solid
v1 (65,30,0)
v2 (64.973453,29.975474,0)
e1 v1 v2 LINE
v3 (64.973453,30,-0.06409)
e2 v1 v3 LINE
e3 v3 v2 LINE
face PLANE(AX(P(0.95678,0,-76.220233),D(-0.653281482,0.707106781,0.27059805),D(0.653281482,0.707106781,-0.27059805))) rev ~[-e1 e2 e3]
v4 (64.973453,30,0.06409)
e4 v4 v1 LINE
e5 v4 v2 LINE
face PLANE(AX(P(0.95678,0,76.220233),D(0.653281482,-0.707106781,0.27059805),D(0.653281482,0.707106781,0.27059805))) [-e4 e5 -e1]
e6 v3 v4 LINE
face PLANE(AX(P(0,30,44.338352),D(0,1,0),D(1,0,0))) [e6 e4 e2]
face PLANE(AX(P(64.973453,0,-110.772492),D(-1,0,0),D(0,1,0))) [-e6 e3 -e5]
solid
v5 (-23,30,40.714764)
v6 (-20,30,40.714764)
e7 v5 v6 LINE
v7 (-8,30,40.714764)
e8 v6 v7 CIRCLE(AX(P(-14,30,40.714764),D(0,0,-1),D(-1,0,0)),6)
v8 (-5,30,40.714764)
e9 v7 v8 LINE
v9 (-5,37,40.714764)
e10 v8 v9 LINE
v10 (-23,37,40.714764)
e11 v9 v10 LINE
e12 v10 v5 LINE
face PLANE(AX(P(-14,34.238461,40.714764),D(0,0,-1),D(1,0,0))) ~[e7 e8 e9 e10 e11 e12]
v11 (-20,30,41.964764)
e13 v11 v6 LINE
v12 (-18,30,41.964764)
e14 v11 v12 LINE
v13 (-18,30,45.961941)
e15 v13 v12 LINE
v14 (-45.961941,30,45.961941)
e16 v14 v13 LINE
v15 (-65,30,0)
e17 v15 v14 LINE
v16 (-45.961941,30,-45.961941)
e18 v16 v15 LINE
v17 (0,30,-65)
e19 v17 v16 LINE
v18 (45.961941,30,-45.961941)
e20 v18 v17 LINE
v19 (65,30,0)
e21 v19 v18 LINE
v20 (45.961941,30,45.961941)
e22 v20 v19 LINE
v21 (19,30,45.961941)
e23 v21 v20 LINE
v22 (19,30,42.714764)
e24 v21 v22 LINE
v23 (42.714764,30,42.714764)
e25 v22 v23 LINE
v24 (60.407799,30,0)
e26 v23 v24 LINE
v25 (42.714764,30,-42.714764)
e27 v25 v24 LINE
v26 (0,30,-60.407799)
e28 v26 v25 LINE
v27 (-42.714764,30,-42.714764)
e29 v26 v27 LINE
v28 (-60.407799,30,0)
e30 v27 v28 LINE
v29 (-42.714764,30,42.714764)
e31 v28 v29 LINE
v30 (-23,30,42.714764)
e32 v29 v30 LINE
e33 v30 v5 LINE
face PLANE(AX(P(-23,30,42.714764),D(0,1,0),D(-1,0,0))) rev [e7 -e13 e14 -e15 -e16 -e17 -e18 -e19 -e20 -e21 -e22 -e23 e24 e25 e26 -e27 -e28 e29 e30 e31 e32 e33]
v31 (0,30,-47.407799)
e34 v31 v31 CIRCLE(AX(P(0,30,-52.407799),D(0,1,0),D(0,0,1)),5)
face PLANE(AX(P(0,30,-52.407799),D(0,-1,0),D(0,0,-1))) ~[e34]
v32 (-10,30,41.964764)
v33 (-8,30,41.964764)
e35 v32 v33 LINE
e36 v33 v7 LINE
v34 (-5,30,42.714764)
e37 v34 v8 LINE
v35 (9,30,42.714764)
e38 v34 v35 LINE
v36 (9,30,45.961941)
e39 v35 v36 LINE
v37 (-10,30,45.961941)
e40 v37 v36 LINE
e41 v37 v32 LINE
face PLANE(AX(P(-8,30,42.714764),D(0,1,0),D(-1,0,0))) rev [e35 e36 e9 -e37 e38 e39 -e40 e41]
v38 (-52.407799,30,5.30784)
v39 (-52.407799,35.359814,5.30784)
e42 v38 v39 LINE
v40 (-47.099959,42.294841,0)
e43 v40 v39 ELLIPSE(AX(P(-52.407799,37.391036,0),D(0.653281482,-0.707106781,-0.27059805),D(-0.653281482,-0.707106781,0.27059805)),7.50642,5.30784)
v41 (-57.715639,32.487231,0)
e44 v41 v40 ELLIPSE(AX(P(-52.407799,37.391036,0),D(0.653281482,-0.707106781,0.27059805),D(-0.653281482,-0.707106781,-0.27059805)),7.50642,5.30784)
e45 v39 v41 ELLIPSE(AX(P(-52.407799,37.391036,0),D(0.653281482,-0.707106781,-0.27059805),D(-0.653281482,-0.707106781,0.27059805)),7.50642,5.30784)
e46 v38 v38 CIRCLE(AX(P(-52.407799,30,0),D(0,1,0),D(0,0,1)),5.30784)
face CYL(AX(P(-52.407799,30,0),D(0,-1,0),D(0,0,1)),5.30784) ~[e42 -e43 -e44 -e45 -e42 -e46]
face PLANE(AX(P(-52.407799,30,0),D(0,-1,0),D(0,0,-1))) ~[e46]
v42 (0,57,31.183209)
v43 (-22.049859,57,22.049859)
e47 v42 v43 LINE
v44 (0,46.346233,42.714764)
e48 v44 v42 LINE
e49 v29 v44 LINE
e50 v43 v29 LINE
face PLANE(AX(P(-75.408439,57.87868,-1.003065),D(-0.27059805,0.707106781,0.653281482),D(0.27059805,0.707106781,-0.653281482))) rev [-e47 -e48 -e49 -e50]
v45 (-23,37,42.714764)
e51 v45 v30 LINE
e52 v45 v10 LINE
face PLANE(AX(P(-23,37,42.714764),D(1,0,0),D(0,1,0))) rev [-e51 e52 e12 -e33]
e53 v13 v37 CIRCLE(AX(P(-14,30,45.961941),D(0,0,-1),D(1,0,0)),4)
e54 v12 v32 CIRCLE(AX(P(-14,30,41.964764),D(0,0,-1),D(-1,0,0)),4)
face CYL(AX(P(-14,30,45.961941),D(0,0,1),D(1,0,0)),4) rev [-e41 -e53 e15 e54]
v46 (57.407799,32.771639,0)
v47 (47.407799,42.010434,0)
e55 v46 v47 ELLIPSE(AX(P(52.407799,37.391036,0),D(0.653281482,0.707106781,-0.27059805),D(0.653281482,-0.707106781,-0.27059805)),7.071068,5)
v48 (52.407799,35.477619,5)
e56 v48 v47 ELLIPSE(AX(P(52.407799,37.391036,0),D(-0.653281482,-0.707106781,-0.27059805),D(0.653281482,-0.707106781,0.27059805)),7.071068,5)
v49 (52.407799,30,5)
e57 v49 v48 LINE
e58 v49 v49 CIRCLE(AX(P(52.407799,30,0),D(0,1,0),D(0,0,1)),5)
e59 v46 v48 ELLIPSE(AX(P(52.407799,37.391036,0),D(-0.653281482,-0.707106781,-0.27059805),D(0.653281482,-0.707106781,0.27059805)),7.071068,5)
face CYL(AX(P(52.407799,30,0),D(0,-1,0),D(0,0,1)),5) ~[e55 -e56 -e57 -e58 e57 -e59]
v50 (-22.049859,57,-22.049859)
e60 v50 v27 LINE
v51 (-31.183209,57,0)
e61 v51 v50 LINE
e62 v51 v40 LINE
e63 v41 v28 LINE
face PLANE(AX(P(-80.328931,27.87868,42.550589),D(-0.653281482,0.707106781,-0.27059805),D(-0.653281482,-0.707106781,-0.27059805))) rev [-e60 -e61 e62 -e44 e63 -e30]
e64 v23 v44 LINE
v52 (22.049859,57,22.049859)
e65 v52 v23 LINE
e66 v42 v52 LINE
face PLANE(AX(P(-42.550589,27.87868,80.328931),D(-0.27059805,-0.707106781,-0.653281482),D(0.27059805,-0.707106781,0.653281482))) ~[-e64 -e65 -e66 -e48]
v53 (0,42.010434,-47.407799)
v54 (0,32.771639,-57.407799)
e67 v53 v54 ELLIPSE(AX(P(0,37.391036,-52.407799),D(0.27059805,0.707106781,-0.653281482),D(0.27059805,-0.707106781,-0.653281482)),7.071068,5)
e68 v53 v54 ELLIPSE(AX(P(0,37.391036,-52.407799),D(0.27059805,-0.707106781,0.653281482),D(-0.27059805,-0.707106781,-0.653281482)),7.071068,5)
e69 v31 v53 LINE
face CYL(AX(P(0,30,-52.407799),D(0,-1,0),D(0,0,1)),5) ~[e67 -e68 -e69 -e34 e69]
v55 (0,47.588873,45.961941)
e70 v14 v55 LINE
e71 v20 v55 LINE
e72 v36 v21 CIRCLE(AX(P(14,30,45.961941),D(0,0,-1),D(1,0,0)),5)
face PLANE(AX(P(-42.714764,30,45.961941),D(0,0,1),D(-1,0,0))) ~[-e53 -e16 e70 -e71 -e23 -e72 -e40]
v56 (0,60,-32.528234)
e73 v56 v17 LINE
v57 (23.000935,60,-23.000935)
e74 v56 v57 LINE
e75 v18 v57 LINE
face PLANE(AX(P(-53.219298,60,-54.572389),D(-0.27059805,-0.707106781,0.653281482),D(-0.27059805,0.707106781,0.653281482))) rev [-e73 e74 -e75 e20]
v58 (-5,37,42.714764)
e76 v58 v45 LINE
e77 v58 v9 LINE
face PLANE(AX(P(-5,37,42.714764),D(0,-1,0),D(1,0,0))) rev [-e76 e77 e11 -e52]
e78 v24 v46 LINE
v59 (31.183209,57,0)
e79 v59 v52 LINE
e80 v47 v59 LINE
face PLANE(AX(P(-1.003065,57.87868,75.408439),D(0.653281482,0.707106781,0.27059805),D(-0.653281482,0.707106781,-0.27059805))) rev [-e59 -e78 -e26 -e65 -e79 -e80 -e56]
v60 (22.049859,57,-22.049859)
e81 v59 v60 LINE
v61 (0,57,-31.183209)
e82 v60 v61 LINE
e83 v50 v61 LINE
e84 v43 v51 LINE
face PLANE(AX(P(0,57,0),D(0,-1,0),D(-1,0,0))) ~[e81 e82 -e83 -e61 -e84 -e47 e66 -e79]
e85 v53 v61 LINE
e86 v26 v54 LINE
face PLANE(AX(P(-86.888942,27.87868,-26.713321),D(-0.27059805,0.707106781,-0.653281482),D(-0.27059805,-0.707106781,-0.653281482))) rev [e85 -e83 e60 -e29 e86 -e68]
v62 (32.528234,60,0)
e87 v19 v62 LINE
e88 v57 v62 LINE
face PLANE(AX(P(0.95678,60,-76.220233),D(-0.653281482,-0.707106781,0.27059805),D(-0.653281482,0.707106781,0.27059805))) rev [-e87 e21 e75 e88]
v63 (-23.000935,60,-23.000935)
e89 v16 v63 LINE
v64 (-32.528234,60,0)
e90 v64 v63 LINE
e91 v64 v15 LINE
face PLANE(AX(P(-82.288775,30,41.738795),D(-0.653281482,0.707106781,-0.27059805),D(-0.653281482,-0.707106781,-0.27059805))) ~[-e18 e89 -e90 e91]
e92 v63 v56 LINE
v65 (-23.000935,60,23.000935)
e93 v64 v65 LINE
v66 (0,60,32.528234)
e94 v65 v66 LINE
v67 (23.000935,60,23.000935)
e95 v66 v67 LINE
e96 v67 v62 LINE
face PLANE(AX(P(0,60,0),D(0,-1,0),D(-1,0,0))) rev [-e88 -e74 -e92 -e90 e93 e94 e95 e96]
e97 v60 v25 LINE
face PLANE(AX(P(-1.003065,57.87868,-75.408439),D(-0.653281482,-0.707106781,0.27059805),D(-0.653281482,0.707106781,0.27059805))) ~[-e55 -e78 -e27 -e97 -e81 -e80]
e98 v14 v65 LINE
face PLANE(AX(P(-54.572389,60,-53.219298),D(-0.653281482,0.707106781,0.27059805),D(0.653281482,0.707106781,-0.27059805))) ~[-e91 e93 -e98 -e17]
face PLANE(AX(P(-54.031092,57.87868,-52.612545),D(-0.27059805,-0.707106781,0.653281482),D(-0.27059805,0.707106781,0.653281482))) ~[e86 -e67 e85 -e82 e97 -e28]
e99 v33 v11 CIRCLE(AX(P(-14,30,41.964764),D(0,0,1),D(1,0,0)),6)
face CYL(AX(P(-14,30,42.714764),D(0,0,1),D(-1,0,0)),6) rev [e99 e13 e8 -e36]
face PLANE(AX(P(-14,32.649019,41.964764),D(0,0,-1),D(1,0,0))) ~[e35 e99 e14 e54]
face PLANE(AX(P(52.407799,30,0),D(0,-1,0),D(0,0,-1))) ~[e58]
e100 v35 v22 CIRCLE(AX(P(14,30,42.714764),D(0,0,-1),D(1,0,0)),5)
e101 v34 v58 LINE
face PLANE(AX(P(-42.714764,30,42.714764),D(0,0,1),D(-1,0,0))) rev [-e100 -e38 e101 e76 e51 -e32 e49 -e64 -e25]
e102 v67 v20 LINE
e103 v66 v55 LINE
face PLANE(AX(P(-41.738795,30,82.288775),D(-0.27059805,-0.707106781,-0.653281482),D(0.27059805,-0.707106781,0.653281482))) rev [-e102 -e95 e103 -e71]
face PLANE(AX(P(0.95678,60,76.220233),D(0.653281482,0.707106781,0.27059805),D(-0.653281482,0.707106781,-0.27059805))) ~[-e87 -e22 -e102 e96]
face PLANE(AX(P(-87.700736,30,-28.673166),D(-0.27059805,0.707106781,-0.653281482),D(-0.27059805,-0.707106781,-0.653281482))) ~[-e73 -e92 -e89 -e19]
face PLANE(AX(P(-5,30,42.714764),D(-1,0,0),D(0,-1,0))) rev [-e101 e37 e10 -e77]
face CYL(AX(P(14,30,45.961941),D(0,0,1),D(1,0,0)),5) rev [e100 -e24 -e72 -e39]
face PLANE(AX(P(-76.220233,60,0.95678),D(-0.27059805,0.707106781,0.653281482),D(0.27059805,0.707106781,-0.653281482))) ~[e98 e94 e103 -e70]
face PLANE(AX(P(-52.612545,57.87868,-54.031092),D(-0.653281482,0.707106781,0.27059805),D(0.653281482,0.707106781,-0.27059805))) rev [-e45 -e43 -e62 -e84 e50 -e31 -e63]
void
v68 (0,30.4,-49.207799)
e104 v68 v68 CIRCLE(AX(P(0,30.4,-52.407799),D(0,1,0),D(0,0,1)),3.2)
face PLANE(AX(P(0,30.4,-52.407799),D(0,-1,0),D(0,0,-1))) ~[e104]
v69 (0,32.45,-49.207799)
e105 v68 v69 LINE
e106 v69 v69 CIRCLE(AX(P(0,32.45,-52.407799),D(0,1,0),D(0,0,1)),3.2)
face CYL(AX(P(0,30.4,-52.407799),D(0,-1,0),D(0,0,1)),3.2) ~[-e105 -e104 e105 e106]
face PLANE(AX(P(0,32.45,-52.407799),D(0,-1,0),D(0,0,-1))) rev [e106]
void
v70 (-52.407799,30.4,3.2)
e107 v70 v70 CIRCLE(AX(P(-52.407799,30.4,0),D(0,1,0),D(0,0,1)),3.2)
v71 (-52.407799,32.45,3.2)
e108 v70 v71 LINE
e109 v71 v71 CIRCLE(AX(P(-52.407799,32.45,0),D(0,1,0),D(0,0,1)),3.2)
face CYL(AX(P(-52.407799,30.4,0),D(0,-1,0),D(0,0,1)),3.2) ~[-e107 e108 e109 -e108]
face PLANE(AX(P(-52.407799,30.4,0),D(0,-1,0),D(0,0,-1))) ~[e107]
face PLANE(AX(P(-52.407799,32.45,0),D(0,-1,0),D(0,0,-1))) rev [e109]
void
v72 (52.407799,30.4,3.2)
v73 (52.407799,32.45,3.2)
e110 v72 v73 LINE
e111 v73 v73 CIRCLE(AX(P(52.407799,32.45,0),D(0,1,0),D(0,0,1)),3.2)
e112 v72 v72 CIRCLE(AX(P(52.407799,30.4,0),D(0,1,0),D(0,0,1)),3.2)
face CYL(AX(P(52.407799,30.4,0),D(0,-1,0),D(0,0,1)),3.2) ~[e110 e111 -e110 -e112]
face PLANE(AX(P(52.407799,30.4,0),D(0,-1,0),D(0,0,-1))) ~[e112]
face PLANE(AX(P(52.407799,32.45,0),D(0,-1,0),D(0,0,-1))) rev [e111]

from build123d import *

# Parameters (mm, degrees)
AUFSATZ_LINEAR_AUSTRAGEN1_DEPTH       = 30
SCHNITT_LINEAR_AUSTRAGEN4_DEPTH       = 162.727828845
SCHNITT_LINEAR_AUSTRAGEN5_DEPTH       = 162.727828845
SCHNITT_LINEAR_AUSTRAGEN6_DEPTH       = 162.727828845
SCHNITT_LINEAR_AUSTRAGEN7_DEPTH       = 162.727828845
WANDUNG1_T                            = -3
SCHNITT_LINEAR_AUSTRAGEN12_DEPTH      = 97.695398029
SCHNITT_LINEAR_AUSTRAGEN12_DEPTH_BACK = 97.695398029
AUFSATZ_LINEAR_AUSTRAGEN3_REACH       = 98.695
SKIZZE17_W                            = 85.429528352
SKIZZE17_H                            = 3.247176601
SCHNITT_LINEAR_AUSTRAGEN14_REACH      = 134.051
SKIZZE18_R                            = 4
SKIZZE18_R_2                          = 5
AUFSATZ_LINEAR_AUSTRAGEN4_DEPTH       = 0.75
AUFSATZ_LINEAR_AUSTRAGEN5_DEPTH       = 2
AUFSATZ_LINEAR_AUSTRAGEN9_REACH       = 98.695
SKIZZE23_R                            = 5.307840289
SKIZZE23_R_2                          = 5
SKIZZE25_R                            = 3.2
SCHNITT_LINEAR_AUSTRAGEN15_DEPTH      = 2.05
SCHNITT_LINEAR_AUSTRAGEN16_DEPTH      = 110.772492001
SCHNITT_LINEAR_AUSTRAGEN16_DEPTH_BACK = 110.772492001
SKIZZE26_W                            = 129.973453239
SKIZZE26_H                            = 30


with BuildPart() as part:
    # Skizze1 → Aufsatz-Linear austragen1 (new body)
    with BuildSketch(Plane(origin=(0, 0, 0), x_dir=(1, 0, 0), z_dir=(0, 1, 0))):
        Polygon((45.961940777, -45.961940777), (65, 0), (45.961940777, 45.961940777), (0, 65), (-45.961940777, 45.961940777), (-65, 0), (-45.961940777, -45.961940777), (0, -65), align=None)
    extrude(amount=AUFSATZ_LINEAR_AUSTRAGEN1_DEPTH)

    # Skizze6 → Schnitt-Linear austragen4 (cut, through all)
    with BuildSketch(Plane(origin=(-26.807804712, 0, 64.719765714), x_dir=(0.9238795325112876, 0, 0.3826834323650878), z_dir=(-0.38268343236508773, 0, 0.9238795325112875))):
        Polygon((-60.052169613, 30), (-30.052169613, 0), (-60.052169613, 0), align=None)
        Polygon((30.052169613, 0), (60.052169613, 30), (60.052169613, 0), align=None)
    extrude(amount=-SCHNITT_LINEAR_AUSTRAGEN4_DEPTH, mode=Mode.SUBTRACT)

    # Skizze7 → Schnitt-Linear austragen5 (cut, through all)
    with BuildSketch(Plane(origin=(-64.719765714, 0, 26.807804712), x_dir=(0.3826834323650837, 0, 0.9238795325112893), z_dir=(-0.9238795325112893, 0, 0.3826834323650837))):
        Polygon((-60.052169613, 30), (-30.052169613, 0), (-60.052169613, 0), align=None)
        Polygon((30.052169613, 0), (60.052169613, 0), (60.052169613, 30), align=None)
    extrude(amount=-SCHNITT_LINEAR_AUSTRAGEN5_DEPTH, mode=Mode.SUBTRACT)

    # Skizze8 → Schnitt-Linear austragen6 (cut, through all)
    with BuildSketch(Plane(origin=(-64.719765714, 0, -26.807804712), x_dir=(-0.38268343236508795, 0, 0.9238795325112876), z_dir=(-0.9238795325112876, 0, -0.38268343236508795))):
        Polygon((-60.052169613, 30), (-60.052169613, 0), (-30.052169613, 0), align=None)
        Polygon((60.052169613, 30), (60.052169613, 0), (30.052169613, 0), align=None)
    extrude(amount=-SCHNITT_LINEAR_AUSTRAGEN6_DEPTH, mode=Mode.SUBTRACT)

    # Skizze9 → Schnitt-Linear austragen7 (cut, through all)
    with BuildSketch(Plane(origin=(-26.807804712, 0, -64.719765714), x_dir=(-0.9238795325112894, 0, 0.3826834323650834), z_dir=(-0.3826834323650834, 0, -0.9238795325112894))):
        Polygon((60.052169613, 30), (60.052169613, 0), (30.052169613, 0), align=None)
        Polygon((-60.052169613, 30), (-60.052169613, 0), (-30.052169613, 0), align=None)
    extrude(amount=-SCHNITT_LINEAR_AUSTRAGEN7_DEPTH, mode=Mode.SUBTRACT)

    # Wandung1
    wandung1_openings = [part.faces().sort_by_distance(p)[0] for p in [
        (0, 30, 0),
    ]]
    offset(amount=WANDUNG1_T, openings=wandung1_openings, kind=Kind.INTERSECTION)

    # Skizze15 → Schnitt-Linear austragen12 (cut, two sides: drawn at the far end of the back side and taken through both)
    with BuildSketch(Plane(origin=(0, 0, 0), x_dir=(0, 0, -1), z_dir=(1, 0, 0)).offset(-SCHNITT_LINEAR_AUSTRAGEN12_DEPTH_BACK)):
        Polygon((-45.961940777, 30), (-45.961940777, 12.411126745), (-65, 30), align=None)
    extrude(amount=SCHNITT_LINEAR_AUSTRAGEN12_DEPTH + SCHNITT_LINEAR_AUSTRAGEN12_DEPTH_BACK, mode=Mode.SUBTRACT)

    # Skizze17 → Aufsatz-Linear austragen3 (add, up to next)
    with BuildSketch(Plane(origin=(0, 30, 0), x_dir=(1, 0, 0), z_dir=(0, 1, 0)), mode=Mode.PRIVATE) as aufsatz_linear_austragen3_sk1:
        with Locations((0, -44.338352477)):
            Rectangle(SKIZZE17_W, SKIZZE17_H)
    aufsatz_linear_austragen3_tool1 = extrude(aufsatz_linear_austragen3_sk1.sketch, amount=-AUFSATZ_LINEAR_AUSTRAGEN3_REACH, mode=Mode.PRIVATE) - part.part
    add(aufsatz_linear_austragen3_tool1.solids().sort_by_distance((0, 30, 44.338352))[0])

    # Skizze18 → Schnitt-Linear austragen14 (cut, up to next)
    with BuildSketch(Plane.XY.offset(45.961940777), mode=Mode.PRIVATE) as schnitt_linear_austragen14_sk1:
        with Locations((-14, 30)):
            Circle(SKIZZE18_R)
    schnitt_linear_austragen14_tool1 = extrude(schnitt_linear_austragen14_sk1.sketch, amount=-SCHNITT_LINEAR_AUSTRAGEN14_REACH, mode=Mode.PRIVATE) & part.part
    # Skizze18 → Schnitt-Linear austragen14 (cut, up to next)
    with BuildSketch(Plane.XY.offset(45.961940777), mode=Mode.PRIVATE) as schnitt_linear_austragen14_sk2:
        with Locations((14, 30)):
            Circle(SKIZZE18_R_2)
    schnitt_linear_austragen14_tool2 = extrude(schnitt_linear_austragen14_sk2.sketch, amount=-SCHNITT_LINEAR_AUSTRAGEN14_REACH, mode=Mode.PRIVATE) & part.part
    add(schnitt_linear_austragen14_tool1.solids().sort_by_distance((-14, 30, 45.961941))[0], mode=Mode.SUBTRACT)
    add(schnitt_linear_austragen14_tool2.solids().sort_by_distance((14, 30, 45.961941))[0], mode=Mode.SUBTRACT)

    # Skizze19 → Aufsatz-Linear austragen4 (add)
    with BuildSketch(Plane(origin=(0, 0, 42.714764176), x_dir=(-1, 0, 0), z_dir=(0, 0, -1))):
        with BuildLine():
            Line((10, 30), (8, 30))
            ThreePointArc((8, 30), (14, 24), (20, 30))
            Line((20, 30), (18, 30))
            ThreePointArc((18, 30), (14, 26), (10, 30))
        make_face()
    extrude(amount=AUFSATZ_LINEAR_AUSTRAGEN4_DEPTH)

    # Skizze20 → Aufsatz-Linear austragen5 (add)
    with BuildSketch(Plane(origin=(0, 0, 42.714764176), x_dir=(-1, 0, 0), z_dir=(0, 0, -1))):
        with BuildLine():
            Line((8, 30), (5, 30))
            Line((5, 30), (5, 23))
            Line((5, 23), (23, 23))
            Line((23, 23), (23, 30))
            Line((23, 30), (20, 30))
            ThreePointArc((20, 30), (14, 24), (8, 30))
        make_face()
    extrude(amount=AUFSATZ_LINEAR_AUSTRAGEN5_DEPTH)

    # Skizze23 → Aufsatz-Linear austragen9 (add, up to next)
    with BuildSketch(Plane(origin=(0, 30, 0), x_dir=(1, 0, 0), z_dir=(0, 1, 0)), mode=Mode.PRIVATE) as aufsatz_linear_austragen9_sk1:
        with Locations(Location((-52.407798812, 0, 0), (0, 0, 270))):
            Circle(SKIZZE23_R)
    aufsatz_linear_austragen9_tool1 = extrude(aufsatz_linear_austragen9_sk1.sketch, amount=-AUFSATZ_LINEAR_AUSTRAGEN9_REACH, mode=Mode.PRIVATE) - part.part
    # Skizze23 → Aufsatz-Linear austragen9 (add, up to next)
    with BuildSketch(Plane(origin=(0, 30, 0), x_dir=(1, 0, 0), z_dir=(0, 1, 0)), mode=Mode.PRIVATE) as aufsatz_linear_austragen9_sk2:
        with Locations(Location((52.407798812, 0, 0), (0, 0, 270))):
            Circle(SKIZZE23_R_2)
    aufsatz_linear_austragen9_tool2 = extrude(aufsatz_linear_austragen9_sk2.sketch, amount=-AUFSATZ_LINEAR_AUSTRAGEN9_REACH, mode=Mode.PRIVATE) - part.part
    # Skizze23 → Aufsatz-Linear austragen9 (add, up to next)
    with BuildSketch(Plane(origin=(0, 30, 0), x_dir=(1, 0, 0), z_dir=(0, 1, 0)), mode=Mode.PRIVATE) as aufsatz_linear_austragen9_sk3:
        with Locations(Location((0, 52.407798812, 0), (0, 0, 270))):
            Circle(SKIZZE23_R_2)
    aufsatz_linear_austragen9_tool3 = extrude(aufsatz_linear_austragen9_sk3.sketch, amount=-AUFSATZ_LINEAR_AUSTRAGEN9_REACH, mode=Mode.PRIVATE) - part.part
    add(aufsatz_linear_austragen9_tool1.solids().sort_by_distance((-52.407799, 30, 0))[0])
    add(aufsatz_linear_austragen9_tool2.solids().sort_by_distance((52.407799, 30, 0))[0])
    add(aufsatz_linear_austragen9_tool3.solids().sort_by_distance((0, 30, -52.407799))[0])

    # Skizze25 → Schnitt-Linear austragen15 (cut)
    with BuildSketch(Plane(origin=(0, 29.6, 0), x_dir=(1, 0, 0), z_dir=(0, 1, 0))):
        with Locations(Location((0, 52.407798812, 0), (0, 0, 270))):
            Circle(SKIZZE25_R)
        with Locations(Location((52.407798812, 0, 0), (0, 0, 270))):
            Circle(SKIZZE25_R)
        with Locations(Location((-52.407798812, 0, 0), (0, 0, 270))):
            Circle(SKIZZE25_R)
    extrude(amount=-SCHNITT_LINEAR_AUSTRAGEN15_DEPTH, mode=Mode.SUBTRACT)


with BuildPart() as body_2:
    # Spiegeln2: mirrored copy
    add(part.part.mirror(Plane.ZX.offset(30)))


with BuildPart() as part_1:
    add(part.part)

    # Skizze26 → Schnitt-Linear austragen16 (cut, two sides: drawn at the far end of the back side and taken through both)
    with BuildSketch(Plane.XY.offset(-SCHNITT_LINEAR_AUSTRAGEN16_DEPTH_BACK)):
        with Locations((-0.01327338, 15)):
            Rectangle(SKIZZE26_W, SKIZZE26_H)
    extrude(amount=SCHNITT_LINEAR_AUSTRAGEN16_DEPTH + SCHNITT_LINEAR_AUSTRAGEN16_DEPTH_BACK, mode=Mode.SUBTRACT)


solid = Compound([body_2.part, part_1.part])
